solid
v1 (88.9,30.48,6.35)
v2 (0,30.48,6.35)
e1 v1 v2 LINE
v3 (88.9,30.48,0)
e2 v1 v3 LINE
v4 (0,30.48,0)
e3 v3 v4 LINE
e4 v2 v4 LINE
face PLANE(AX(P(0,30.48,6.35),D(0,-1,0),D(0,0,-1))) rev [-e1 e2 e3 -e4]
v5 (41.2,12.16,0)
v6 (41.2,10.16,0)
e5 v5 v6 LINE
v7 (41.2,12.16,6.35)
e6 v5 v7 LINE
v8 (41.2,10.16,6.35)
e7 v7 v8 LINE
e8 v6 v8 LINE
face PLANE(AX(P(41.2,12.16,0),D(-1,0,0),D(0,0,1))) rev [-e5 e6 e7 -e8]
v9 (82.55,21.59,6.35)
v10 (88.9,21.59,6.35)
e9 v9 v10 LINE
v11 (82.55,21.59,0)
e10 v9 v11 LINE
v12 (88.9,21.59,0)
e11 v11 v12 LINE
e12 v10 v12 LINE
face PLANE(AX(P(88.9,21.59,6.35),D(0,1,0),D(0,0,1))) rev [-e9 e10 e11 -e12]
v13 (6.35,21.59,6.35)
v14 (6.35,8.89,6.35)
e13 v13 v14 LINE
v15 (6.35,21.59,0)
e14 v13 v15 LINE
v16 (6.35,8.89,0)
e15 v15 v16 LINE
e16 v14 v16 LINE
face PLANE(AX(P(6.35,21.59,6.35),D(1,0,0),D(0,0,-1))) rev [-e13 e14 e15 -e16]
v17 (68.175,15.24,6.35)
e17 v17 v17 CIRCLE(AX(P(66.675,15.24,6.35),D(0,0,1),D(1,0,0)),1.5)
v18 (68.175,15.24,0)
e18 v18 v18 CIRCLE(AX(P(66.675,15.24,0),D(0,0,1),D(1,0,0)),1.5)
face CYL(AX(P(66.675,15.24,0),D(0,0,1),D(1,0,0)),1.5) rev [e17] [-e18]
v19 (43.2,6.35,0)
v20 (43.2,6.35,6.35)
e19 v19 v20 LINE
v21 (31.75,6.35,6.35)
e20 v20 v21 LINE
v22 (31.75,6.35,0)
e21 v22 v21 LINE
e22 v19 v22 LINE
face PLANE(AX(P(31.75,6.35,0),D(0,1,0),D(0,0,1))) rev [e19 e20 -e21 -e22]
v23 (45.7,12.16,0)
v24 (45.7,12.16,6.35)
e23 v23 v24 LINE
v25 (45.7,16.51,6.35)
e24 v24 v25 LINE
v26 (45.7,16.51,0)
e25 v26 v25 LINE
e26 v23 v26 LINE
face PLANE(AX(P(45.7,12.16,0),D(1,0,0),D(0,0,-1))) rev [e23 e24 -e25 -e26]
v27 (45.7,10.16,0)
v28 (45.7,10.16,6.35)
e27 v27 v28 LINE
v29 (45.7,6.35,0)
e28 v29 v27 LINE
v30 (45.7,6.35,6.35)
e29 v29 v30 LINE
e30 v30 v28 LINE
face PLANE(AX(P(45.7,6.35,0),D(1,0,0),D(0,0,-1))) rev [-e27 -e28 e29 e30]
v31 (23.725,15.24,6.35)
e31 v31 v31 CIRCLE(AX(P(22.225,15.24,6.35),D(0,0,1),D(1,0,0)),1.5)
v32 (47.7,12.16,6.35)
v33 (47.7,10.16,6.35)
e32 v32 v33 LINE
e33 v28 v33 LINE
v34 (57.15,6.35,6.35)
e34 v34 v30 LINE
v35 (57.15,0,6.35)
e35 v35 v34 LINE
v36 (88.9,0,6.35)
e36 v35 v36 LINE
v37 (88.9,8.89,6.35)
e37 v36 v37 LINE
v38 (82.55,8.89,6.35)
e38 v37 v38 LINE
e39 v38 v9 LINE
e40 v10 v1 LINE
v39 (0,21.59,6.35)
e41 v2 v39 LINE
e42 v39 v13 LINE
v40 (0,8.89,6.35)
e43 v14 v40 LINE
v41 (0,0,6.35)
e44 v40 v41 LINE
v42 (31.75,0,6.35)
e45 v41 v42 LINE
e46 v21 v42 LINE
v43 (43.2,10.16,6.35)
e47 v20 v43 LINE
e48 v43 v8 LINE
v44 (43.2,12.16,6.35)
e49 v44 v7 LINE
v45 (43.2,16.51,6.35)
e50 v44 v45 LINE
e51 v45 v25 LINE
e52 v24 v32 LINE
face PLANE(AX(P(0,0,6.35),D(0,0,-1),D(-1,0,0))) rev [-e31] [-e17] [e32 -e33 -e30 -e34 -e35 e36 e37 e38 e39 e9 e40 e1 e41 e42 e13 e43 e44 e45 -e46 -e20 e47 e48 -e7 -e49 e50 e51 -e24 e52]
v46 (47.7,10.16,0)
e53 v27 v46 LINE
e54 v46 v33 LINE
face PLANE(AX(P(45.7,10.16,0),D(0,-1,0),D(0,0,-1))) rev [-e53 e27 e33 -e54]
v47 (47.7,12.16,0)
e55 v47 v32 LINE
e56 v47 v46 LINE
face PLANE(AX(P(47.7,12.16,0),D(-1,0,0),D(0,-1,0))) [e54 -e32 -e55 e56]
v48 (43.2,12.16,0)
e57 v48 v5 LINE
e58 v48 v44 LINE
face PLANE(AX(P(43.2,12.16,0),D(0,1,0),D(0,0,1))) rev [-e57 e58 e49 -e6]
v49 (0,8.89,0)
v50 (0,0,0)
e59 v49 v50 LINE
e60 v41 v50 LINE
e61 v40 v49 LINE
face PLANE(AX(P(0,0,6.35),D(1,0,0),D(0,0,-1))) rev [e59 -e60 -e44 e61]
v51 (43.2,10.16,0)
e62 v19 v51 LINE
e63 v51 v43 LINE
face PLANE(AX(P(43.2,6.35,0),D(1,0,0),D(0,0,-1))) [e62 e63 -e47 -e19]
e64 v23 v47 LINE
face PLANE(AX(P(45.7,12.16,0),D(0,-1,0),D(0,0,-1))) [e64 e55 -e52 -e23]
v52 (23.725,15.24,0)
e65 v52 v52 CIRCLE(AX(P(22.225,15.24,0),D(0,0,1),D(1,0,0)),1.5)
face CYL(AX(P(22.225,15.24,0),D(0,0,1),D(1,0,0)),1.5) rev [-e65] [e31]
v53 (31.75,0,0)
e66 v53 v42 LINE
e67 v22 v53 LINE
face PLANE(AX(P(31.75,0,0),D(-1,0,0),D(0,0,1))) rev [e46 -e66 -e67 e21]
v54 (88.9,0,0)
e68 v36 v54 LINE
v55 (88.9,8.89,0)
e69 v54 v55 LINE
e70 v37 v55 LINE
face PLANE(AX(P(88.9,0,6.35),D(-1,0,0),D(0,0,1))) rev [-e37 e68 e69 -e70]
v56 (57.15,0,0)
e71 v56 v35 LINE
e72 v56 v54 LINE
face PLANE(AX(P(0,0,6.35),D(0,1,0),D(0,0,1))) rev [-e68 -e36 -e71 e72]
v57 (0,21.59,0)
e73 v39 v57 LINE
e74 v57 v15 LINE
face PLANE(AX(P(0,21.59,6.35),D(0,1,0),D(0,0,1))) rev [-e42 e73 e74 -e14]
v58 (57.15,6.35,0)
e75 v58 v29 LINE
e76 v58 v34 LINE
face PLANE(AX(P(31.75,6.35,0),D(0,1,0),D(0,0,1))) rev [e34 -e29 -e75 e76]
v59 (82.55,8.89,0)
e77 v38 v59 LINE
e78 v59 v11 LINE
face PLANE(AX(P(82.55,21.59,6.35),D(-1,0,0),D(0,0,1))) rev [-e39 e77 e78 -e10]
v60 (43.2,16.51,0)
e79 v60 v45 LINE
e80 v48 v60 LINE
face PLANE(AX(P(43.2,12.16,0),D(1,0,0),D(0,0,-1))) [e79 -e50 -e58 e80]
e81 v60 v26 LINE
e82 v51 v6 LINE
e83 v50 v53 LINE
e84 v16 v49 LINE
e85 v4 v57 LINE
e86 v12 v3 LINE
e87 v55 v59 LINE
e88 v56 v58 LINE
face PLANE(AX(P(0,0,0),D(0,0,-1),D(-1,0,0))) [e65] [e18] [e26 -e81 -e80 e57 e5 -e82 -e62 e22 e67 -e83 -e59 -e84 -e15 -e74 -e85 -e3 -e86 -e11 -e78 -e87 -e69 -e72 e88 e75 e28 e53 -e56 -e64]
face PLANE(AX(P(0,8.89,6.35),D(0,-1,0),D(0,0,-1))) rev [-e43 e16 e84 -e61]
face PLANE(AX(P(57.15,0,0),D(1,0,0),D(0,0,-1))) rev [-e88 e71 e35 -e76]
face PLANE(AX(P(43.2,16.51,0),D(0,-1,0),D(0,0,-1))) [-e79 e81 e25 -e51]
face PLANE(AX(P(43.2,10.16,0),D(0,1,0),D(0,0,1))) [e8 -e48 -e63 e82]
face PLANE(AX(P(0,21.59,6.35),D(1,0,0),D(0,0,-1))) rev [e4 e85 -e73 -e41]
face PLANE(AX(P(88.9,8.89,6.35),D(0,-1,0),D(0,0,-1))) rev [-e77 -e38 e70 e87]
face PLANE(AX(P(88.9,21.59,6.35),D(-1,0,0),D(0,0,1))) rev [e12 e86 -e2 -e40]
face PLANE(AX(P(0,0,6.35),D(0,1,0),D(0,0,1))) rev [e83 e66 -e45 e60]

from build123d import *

# Parameters (mm, degrees)
BOSS_EXTRUDE1_DEPTH = 6.35
SKETCH2_R           = 1.5
SKETCH2_W           = 25.4
SKETCH2_H           = 6.35
CUT_EXTRUDE1_DEPTH  = 7.35
CUT_EXTRUDE2_DEPTH  = 7.35


with BuildPart() as part:
    # Sketch1 → Boss-Extrude1 (new body)
    with BuildSketch(Plane.XY):
        Polygon((0, 21.59), (0, 30.48), (88.9, 30.48), (88.9, 21.59), (82.55, 21.59), (82.55, 8.89), (88.9, 8.89), (88.9, 0), (0, 0), (0, 8.89), (6.35, 8.89), (6.35, 21.59), align=None)
    extrude(amount=BOSS_EXTRUDE1_DEPTH)

    # Sketch2 → Cut-Extrude1 (cut, through all)
    with BuildSketch(Plane.XY.offset(6.35)):
        with Locations((22.225, 15.24)):
            Circle(SKETCH2_R)
        with Locations((66.675, 15.24)):
            Circle(SKETCH2_R)
        with Locations((44.45, 3.175)):
            Rectangle(SKETCH2_W, SKETCH2_H)
    extrude(amount=-CUT_EXTRUDE1_DEPTH, mode=Mode.SUBTRACT)

    # Sketch3 → Cut-Extrude2 (cut, through all)
    with BuildSketch(Plane.XY.offset(6.35)):
        Polygon((43.2, 6.35), (45.7, 6.35), (45.7, 10.16), (47.7, 10.16), (47.7, 12.16), (45.7, 12.16), (45.7, 16.51), (43.2, 16.51), (43.2, 12.16), (41.2, 12.16), (41.2, 10.16), (43.2, 10.16), align=None)
    extrude(amount=-CUT_EXTRUDE2_DEPTH, mode=Mode.SUBTRACT)


solid = part.part
